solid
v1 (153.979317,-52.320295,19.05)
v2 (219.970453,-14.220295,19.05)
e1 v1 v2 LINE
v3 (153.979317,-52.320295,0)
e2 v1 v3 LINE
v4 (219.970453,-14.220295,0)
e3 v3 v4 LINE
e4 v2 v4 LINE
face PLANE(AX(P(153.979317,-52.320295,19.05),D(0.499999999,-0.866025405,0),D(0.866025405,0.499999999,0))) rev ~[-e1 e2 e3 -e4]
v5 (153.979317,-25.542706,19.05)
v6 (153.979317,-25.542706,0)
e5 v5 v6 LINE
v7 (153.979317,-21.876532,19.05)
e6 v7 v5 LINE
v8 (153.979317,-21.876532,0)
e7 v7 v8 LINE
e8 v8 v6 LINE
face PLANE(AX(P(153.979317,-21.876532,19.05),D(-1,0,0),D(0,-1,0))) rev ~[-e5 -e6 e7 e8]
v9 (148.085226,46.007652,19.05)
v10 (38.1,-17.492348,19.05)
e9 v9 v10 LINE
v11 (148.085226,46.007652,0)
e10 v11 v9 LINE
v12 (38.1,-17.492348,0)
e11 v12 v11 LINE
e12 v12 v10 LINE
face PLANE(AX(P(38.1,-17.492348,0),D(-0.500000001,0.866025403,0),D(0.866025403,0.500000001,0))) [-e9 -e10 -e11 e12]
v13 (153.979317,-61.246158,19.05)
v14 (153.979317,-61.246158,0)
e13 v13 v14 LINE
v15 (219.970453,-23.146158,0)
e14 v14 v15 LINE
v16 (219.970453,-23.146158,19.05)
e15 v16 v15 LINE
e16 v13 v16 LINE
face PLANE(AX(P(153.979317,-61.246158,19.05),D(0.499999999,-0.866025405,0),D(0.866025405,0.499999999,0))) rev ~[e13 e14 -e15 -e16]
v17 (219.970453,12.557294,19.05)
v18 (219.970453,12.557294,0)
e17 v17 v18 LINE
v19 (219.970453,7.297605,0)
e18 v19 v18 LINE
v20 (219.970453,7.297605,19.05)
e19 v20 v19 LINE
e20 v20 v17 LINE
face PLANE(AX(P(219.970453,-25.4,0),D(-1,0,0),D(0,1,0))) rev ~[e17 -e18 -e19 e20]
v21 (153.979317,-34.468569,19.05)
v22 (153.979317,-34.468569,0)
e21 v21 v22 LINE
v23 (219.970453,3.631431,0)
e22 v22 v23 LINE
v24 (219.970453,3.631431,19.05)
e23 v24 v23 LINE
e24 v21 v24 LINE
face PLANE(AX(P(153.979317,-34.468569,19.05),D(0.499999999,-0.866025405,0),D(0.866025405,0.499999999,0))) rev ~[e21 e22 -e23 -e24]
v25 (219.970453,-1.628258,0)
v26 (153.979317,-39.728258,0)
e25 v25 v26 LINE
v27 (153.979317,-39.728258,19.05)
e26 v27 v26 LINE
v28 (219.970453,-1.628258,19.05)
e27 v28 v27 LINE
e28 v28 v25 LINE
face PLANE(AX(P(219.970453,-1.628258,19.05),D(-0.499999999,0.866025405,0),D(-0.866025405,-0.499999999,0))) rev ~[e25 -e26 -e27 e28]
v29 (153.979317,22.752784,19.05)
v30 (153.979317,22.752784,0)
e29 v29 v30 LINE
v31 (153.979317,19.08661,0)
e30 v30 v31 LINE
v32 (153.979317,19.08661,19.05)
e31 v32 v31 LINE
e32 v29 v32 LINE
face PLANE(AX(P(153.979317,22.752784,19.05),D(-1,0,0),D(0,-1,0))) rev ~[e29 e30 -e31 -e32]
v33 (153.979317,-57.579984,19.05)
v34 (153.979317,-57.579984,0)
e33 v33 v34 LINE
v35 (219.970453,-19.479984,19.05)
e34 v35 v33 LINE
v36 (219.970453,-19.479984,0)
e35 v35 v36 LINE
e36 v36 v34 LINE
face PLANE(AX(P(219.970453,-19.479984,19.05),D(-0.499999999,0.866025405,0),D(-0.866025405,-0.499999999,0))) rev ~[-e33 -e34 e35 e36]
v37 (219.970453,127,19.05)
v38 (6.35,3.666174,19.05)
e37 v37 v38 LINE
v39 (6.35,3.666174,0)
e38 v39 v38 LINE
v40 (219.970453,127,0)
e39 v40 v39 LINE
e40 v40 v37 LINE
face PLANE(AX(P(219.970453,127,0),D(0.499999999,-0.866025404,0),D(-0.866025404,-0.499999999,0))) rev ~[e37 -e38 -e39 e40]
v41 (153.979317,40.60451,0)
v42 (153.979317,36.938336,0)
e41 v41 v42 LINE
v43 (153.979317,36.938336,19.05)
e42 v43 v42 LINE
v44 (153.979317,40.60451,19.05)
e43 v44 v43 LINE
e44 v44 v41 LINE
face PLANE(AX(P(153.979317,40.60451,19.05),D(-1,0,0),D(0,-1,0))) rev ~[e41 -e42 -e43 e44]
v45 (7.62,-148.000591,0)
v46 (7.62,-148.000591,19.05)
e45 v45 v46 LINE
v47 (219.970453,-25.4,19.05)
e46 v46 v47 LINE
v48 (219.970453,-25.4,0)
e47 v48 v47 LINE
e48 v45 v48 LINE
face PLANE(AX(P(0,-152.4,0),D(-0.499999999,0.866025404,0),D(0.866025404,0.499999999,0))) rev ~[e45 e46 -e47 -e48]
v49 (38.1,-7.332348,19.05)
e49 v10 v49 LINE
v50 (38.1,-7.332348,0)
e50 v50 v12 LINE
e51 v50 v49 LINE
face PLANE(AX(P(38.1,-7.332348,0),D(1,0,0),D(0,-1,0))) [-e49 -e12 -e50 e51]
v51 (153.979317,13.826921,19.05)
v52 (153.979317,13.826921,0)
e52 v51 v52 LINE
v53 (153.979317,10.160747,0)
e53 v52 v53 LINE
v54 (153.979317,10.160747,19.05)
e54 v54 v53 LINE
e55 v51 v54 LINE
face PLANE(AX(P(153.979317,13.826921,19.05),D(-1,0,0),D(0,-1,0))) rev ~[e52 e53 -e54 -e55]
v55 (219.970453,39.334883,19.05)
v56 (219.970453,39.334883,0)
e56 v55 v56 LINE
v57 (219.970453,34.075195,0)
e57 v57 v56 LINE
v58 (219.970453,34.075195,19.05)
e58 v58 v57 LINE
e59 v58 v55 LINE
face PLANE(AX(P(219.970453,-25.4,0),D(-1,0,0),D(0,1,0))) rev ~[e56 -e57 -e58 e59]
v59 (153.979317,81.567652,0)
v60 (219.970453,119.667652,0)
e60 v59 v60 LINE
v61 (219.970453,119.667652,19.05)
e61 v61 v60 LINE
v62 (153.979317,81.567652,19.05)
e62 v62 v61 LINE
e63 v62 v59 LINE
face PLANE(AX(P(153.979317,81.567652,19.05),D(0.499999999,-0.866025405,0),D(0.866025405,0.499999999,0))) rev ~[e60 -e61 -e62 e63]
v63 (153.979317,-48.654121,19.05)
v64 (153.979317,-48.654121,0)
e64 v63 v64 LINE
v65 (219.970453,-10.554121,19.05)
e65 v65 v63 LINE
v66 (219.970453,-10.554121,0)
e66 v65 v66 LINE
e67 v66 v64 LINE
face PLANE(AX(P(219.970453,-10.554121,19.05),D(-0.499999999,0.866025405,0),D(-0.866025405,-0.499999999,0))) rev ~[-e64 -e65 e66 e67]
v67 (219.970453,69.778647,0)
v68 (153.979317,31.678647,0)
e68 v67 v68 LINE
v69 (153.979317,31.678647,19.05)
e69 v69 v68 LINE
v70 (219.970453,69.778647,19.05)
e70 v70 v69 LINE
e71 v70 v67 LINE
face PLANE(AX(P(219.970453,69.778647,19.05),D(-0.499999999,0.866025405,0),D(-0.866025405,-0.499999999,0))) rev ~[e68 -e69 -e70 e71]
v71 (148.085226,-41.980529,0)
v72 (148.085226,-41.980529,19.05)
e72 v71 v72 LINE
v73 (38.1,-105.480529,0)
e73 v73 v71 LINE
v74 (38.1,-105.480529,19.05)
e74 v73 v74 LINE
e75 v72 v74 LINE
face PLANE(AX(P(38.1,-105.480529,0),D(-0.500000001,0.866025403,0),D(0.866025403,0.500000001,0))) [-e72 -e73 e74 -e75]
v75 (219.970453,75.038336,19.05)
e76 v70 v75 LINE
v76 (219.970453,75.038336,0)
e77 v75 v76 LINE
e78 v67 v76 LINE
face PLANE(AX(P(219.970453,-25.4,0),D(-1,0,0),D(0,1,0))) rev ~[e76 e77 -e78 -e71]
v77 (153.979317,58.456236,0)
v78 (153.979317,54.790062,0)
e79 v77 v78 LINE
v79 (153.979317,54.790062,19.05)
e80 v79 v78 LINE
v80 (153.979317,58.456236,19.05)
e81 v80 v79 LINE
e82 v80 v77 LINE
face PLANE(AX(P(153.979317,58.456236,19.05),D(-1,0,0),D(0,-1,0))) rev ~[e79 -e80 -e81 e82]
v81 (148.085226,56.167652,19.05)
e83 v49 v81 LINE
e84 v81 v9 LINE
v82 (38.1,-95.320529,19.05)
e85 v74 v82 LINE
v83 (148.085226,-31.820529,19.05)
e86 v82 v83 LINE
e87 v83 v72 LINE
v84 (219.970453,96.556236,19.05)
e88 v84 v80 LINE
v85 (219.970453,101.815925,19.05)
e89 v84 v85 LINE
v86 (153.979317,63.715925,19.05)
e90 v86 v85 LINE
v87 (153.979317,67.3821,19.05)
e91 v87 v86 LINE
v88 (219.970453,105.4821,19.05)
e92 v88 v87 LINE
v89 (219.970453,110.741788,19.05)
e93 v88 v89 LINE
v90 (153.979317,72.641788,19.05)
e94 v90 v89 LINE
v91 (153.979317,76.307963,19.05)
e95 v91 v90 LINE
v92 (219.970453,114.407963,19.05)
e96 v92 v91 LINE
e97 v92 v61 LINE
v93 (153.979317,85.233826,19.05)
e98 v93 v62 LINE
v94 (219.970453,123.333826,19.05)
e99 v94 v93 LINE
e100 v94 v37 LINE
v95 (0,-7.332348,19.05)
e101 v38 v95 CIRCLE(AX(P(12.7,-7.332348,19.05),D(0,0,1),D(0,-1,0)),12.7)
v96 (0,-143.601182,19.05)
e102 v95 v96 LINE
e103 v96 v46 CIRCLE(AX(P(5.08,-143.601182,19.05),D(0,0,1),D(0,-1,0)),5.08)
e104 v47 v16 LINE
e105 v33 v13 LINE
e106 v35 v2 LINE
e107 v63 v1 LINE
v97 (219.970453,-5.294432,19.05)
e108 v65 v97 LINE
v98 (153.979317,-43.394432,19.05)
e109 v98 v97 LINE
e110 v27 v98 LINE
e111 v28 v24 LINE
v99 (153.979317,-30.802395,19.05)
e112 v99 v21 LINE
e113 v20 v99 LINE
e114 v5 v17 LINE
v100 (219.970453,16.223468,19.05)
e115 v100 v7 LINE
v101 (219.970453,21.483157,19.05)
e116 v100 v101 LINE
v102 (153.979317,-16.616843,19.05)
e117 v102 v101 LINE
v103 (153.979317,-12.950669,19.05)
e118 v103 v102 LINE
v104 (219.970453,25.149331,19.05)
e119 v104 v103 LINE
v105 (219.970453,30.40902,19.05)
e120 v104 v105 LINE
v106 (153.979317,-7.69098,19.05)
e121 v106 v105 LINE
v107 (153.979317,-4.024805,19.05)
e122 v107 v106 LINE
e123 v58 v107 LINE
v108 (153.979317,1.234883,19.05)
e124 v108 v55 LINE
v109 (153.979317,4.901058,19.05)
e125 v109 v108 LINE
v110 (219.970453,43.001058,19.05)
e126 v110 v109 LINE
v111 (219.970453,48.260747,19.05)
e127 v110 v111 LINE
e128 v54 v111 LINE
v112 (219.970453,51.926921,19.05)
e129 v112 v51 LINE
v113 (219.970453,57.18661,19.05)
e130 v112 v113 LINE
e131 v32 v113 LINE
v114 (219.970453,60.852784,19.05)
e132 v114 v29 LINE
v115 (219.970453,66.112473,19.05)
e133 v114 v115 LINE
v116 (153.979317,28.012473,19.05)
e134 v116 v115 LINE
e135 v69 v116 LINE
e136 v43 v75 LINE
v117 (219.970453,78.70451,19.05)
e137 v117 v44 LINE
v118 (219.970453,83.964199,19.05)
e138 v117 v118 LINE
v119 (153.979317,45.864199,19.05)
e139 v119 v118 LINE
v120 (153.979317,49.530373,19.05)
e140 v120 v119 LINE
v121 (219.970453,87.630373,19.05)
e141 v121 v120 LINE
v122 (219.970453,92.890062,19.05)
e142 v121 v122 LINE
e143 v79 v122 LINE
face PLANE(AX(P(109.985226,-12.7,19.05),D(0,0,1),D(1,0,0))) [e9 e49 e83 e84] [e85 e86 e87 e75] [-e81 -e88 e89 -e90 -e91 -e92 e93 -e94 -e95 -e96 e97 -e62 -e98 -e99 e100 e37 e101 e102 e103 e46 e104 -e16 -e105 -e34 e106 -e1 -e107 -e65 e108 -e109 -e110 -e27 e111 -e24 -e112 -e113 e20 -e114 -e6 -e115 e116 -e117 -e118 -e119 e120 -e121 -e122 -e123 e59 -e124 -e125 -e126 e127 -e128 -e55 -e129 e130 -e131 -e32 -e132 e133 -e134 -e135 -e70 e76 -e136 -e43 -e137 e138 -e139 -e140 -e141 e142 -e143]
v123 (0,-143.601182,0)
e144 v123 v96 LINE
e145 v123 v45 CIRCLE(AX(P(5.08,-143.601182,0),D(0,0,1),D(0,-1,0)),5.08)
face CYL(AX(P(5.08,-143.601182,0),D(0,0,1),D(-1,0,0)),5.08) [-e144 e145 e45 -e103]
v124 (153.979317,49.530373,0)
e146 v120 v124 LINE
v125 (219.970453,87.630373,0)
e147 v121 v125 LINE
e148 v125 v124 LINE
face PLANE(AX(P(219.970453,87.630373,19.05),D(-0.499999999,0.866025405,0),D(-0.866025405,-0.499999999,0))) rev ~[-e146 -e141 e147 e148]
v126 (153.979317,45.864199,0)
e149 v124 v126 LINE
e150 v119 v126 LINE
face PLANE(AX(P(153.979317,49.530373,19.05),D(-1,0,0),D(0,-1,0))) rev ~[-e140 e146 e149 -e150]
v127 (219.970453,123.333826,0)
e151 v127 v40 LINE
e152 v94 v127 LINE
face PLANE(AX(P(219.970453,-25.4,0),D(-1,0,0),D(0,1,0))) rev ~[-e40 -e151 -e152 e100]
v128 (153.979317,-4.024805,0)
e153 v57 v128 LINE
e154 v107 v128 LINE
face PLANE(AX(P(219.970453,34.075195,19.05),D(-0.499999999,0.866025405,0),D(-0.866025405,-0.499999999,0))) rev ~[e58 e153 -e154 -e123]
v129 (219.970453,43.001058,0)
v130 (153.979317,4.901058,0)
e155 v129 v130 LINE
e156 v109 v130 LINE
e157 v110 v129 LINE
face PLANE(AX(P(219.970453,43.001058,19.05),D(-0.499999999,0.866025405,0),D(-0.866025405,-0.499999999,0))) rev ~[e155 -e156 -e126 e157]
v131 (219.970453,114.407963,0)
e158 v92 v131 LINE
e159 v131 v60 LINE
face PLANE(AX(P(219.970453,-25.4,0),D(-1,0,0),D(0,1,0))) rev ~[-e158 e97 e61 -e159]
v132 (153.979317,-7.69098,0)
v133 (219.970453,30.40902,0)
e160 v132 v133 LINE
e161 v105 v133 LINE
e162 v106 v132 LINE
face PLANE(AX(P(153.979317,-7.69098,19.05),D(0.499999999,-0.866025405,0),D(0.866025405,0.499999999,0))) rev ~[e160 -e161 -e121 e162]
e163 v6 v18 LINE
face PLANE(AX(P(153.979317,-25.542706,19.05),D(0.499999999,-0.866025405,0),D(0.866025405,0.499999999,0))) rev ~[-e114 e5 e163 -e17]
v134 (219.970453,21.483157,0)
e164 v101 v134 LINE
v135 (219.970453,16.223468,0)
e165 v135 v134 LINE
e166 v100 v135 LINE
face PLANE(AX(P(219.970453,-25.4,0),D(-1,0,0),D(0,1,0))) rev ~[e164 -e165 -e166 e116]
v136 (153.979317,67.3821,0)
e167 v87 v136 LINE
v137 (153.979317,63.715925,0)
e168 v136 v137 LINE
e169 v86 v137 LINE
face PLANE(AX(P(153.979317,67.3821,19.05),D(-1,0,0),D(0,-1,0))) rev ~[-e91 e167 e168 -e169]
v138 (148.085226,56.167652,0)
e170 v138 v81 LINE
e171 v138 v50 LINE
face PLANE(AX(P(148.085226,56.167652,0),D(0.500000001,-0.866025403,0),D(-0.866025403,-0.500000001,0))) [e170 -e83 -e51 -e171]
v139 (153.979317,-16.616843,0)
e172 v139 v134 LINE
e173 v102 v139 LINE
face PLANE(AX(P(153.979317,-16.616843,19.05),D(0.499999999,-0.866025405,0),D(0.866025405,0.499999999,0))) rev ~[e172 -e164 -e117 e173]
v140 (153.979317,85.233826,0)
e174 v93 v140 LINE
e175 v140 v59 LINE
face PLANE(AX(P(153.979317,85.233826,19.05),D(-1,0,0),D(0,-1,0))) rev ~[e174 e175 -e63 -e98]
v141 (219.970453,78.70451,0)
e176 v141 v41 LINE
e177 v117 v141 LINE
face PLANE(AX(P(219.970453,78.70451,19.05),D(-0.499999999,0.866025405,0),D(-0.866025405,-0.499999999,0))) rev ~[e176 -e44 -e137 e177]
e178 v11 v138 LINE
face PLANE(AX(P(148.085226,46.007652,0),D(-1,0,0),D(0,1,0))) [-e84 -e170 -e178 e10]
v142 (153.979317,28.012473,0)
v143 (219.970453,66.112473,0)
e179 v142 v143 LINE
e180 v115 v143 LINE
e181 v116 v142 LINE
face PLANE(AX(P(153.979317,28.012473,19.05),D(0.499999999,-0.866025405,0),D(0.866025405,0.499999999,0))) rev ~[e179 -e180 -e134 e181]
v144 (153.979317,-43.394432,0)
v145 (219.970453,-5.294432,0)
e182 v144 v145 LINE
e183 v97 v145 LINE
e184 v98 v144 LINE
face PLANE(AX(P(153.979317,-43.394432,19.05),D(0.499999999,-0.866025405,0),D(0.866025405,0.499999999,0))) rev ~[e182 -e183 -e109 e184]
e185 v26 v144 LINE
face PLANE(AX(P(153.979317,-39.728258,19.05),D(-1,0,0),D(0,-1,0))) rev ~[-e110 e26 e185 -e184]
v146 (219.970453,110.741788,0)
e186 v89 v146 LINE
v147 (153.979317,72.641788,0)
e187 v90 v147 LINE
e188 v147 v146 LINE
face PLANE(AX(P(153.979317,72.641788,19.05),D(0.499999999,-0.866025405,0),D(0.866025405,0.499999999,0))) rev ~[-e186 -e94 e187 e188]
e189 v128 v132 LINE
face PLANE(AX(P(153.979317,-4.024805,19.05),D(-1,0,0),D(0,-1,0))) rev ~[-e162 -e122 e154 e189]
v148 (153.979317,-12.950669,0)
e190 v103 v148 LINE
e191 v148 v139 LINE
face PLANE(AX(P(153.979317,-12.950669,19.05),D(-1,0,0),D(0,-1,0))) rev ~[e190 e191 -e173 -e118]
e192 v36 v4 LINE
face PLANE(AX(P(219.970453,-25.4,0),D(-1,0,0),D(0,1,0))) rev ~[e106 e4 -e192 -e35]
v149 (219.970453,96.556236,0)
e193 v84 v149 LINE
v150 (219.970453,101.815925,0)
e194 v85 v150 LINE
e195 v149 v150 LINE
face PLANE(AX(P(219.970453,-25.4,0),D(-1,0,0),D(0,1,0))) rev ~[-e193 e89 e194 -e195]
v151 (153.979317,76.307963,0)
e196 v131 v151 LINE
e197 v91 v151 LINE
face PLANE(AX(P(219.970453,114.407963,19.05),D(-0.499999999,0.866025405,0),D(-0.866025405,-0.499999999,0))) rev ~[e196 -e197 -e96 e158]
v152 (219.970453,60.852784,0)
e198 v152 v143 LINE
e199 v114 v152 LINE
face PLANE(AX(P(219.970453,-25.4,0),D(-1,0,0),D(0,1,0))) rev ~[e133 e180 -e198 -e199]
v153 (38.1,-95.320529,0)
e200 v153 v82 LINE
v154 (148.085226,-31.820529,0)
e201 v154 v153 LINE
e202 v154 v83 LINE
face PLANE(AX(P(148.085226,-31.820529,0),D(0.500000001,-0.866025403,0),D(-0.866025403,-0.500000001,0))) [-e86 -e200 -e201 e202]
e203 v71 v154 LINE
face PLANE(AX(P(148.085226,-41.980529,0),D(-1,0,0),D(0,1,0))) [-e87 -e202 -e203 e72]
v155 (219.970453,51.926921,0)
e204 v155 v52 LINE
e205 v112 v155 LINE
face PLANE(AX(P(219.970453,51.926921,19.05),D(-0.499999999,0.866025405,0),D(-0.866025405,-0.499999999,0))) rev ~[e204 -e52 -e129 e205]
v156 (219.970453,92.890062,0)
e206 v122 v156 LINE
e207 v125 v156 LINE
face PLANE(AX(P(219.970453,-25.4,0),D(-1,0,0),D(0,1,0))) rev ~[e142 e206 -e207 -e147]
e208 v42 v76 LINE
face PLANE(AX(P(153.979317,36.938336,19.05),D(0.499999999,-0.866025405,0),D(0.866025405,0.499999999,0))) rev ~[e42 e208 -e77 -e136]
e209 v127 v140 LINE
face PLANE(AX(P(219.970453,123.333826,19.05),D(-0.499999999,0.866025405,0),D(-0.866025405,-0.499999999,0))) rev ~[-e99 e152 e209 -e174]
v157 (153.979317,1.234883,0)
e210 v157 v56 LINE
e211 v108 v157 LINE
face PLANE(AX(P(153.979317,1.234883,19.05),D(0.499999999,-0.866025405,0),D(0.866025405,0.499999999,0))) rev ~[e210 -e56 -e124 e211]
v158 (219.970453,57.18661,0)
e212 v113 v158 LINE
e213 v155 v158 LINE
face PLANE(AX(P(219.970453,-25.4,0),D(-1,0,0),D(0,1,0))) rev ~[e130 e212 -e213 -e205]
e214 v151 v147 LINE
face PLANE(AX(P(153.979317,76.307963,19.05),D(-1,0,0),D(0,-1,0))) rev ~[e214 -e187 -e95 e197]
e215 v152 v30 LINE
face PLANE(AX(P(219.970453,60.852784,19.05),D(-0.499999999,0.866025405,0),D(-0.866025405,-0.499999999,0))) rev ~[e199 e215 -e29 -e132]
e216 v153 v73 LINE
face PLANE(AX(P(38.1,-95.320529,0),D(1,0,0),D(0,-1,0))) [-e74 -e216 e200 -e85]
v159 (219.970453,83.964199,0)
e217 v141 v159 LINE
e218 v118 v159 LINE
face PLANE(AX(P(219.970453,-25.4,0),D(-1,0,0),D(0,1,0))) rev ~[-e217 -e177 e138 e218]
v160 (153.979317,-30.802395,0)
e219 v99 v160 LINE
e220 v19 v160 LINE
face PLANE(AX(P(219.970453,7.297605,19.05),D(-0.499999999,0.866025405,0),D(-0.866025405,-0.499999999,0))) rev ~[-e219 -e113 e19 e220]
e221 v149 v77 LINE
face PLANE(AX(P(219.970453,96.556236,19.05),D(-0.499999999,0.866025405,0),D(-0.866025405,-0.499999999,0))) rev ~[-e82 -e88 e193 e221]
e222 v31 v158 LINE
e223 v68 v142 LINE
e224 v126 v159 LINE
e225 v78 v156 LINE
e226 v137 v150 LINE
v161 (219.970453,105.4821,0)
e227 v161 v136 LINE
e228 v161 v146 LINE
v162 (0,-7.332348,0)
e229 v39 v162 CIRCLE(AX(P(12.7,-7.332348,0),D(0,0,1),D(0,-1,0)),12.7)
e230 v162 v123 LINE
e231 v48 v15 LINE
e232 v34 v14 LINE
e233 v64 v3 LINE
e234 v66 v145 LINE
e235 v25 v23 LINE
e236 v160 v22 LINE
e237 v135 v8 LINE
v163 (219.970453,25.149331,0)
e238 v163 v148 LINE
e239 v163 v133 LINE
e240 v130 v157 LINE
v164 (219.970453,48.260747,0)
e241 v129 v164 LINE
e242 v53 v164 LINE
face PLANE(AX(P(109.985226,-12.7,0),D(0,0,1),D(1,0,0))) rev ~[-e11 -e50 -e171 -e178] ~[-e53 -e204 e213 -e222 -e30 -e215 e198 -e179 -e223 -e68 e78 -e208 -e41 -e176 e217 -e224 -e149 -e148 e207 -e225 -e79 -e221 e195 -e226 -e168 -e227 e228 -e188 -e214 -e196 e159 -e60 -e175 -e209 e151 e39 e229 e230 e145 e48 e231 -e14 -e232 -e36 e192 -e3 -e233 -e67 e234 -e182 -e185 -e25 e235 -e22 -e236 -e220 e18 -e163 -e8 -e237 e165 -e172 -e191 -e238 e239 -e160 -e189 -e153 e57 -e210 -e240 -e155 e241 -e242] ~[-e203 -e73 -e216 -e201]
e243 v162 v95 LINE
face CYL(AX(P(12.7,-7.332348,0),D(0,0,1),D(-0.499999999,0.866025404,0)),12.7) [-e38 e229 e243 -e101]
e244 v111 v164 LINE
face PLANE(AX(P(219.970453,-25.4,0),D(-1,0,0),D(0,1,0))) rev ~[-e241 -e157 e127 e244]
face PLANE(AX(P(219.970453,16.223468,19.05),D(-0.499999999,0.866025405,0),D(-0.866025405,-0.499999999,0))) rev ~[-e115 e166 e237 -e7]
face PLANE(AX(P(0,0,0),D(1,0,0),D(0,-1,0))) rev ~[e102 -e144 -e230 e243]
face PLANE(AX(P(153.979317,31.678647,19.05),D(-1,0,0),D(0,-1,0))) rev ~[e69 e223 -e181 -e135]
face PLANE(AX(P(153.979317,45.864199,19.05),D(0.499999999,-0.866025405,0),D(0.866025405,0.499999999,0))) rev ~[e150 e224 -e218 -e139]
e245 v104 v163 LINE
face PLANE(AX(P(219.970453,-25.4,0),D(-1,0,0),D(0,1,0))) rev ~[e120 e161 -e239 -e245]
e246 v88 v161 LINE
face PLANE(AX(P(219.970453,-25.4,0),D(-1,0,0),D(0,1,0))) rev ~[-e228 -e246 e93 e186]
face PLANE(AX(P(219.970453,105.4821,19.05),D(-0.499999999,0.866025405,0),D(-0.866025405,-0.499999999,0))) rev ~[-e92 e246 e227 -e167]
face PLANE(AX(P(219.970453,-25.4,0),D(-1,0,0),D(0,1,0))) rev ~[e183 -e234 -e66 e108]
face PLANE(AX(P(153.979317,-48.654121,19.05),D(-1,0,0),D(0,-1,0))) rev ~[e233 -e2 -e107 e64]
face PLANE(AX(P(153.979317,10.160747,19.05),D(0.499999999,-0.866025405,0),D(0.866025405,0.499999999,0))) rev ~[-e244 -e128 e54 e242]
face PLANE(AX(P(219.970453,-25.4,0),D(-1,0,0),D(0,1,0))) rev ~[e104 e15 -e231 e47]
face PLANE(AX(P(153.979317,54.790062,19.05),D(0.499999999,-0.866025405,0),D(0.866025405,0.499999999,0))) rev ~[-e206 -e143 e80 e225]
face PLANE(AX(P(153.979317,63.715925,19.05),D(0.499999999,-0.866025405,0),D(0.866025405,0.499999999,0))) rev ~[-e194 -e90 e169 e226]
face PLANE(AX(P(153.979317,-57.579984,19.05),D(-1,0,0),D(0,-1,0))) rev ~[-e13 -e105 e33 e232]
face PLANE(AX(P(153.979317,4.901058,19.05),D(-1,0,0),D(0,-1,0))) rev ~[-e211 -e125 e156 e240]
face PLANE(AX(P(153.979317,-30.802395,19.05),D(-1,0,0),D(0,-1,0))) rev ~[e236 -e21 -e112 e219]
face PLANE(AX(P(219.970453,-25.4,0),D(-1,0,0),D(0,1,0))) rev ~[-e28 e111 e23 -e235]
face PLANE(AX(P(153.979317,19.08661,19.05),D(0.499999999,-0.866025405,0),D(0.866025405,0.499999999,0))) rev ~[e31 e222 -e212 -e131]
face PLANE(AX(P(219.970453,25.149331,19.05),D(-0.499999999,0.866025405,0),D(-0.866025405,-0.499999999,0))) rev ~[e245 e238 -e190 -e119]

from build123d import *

# Parameters (mm, degrees)
F2_DEPTH = 19.05
F3_DEPTH = 25.4
F5_DEPTH = 25.4
F6_R     = 12.7
F7_R     = 5.08


with BuildPart() as f2:
    # F0 (on Top) → F2 (new body)
    with BuildSketch(Plane.XY):
        Polygon((219.970453, 127), (0, 0), (0, -152.4), (219.970453, -25.4), align=None)
    extrude(amount=F2_DEPTH)

    # F1 (on face) → F3 (cut)
    with BuildSketch(Plane.XY):
        Polygon((148.085226, 56.167652), (38.1, -7.332348), (38.1, -17.492348), (148.085226, 46.007652), align=None)
        Polygon((38.1, -105.480529), (148.085226, -41.980529), (148.085226, -31.820529), (38.1, -95.320529), align=None)
    extrude(amount=F3_DEPTH, mode=Mode.SUBTRACT)

    # F4 (on face) → F5 (cut)
    with BuildSketch(Plane.XY.offset(19.05)):
        Polygon((219.970453, 119.667652), (219.970453, 123.333826), (153.979317, 85.233826), (153.979317, 81.567652), align=None)
        Polygon((219.970453, 114.407963), (153.979317, 76.307963), (153.979317, 72.641788), (219.970453, 110.741788), align=None)
        Polygon((219.970453, 105.4821), (153.979317, 67.3821), (153.979317, 63.715925), (219.970453, 101.815925), align=None)
        Polygon((219.970453, 96.556236), (153.979317, 58.456236), (153.979317, 54.790062), (219.970453, 92.890062), align=None)
        Polygon((219.970453, 87.630373), (153.979317, 49.530373), (153.979317, 45.864199), (219.970453, 83.964199), align=None)
        Polygon((219.970453, 78.70451), (153.979317, 40.60451), (153.979317, 36.938336), (219.970453, 75.038336), align=None)
        Polygon((219.970453, 69.778647), (153.979317, 31.678647), (153.979317, 28.012473), (219.970453, 66.112473), align=None)
        Polygon((219.970453, 60.852784), (153.979317, 22.752784), (153.979317, 19.08661), (219.970453, 57.18661), align=None)
        Polygon((219.970453, 51.926921), (153.979317, 13.826921), (153.979317, 10.160747), (219.970453, 48.260747), align=None)
        Polygon((219.970453, 43.001058), (153.979317, 4.901058), (153.979317, 1.234883), (219.970453, 39.334883), align=None)
        Polygon((219.970453, 34.075195), (153.979317, -4.024805), (153.979317, -7.69098), (219.970453, 30.40902), align=None)
        Polygon((219.970453, 25.149331), (153.979317, -12.950669), (153.979317, -16.616843), (219.970453, 21.483157), align=None)
        Polygon((219.970453, 16.223468), (153.979317, -21.876532), (153.979317, -25.542706), (219.970453, 12.557294), align=None)
        Polygon((219.970453, 7.297605), (153.979317, -30.802395), (153.979317, -34.468569), (219.970453, 3.631431), align=None)
        Polygon((219.970453, -1.628258), (153.979317, -39.728258), (153.979317, -43.394432), (219.970453, -5.294432), align=None)
        Polygon((219.970453, -10.554121), (153.979317, -48.654121), (153.979317, -52.320295), (219.970453, -14.220295), align=None)
        Polygon((219.970453, -19.479984), (153.979317, -57.579984), (153.979317, -61.246158), (219.970453, -23.146158), align=None)
        Polygon((219.970453, -28.405847), (153.979317, -66.505847), (153.979317, -70.172022), (219.970453, -32.072022), align=None)
        Polygon((219.970453, -37.33171), (153.979317, -75.43171), (153.979317, -79.097885), (219.970453, -40.997885), align=None)
    extrude(amount=-F5_DEPTH, mode=Mode.SUBTRACT)

    # F6
    f6_edges = [f2.edges().sort_by_distance(p)[0] for p in [
        (0, 0, 9.525),
    ]]
    fillet(f6_edges, radius=F6_R)

    # F7
    f7_edges = [f2.edges().sort_by_distance(p)[0] for p in [
        (0, -152.4, 9.525),
    ]]
    fillet(f7_edges, radius=F7_R)


solid = f2.part
